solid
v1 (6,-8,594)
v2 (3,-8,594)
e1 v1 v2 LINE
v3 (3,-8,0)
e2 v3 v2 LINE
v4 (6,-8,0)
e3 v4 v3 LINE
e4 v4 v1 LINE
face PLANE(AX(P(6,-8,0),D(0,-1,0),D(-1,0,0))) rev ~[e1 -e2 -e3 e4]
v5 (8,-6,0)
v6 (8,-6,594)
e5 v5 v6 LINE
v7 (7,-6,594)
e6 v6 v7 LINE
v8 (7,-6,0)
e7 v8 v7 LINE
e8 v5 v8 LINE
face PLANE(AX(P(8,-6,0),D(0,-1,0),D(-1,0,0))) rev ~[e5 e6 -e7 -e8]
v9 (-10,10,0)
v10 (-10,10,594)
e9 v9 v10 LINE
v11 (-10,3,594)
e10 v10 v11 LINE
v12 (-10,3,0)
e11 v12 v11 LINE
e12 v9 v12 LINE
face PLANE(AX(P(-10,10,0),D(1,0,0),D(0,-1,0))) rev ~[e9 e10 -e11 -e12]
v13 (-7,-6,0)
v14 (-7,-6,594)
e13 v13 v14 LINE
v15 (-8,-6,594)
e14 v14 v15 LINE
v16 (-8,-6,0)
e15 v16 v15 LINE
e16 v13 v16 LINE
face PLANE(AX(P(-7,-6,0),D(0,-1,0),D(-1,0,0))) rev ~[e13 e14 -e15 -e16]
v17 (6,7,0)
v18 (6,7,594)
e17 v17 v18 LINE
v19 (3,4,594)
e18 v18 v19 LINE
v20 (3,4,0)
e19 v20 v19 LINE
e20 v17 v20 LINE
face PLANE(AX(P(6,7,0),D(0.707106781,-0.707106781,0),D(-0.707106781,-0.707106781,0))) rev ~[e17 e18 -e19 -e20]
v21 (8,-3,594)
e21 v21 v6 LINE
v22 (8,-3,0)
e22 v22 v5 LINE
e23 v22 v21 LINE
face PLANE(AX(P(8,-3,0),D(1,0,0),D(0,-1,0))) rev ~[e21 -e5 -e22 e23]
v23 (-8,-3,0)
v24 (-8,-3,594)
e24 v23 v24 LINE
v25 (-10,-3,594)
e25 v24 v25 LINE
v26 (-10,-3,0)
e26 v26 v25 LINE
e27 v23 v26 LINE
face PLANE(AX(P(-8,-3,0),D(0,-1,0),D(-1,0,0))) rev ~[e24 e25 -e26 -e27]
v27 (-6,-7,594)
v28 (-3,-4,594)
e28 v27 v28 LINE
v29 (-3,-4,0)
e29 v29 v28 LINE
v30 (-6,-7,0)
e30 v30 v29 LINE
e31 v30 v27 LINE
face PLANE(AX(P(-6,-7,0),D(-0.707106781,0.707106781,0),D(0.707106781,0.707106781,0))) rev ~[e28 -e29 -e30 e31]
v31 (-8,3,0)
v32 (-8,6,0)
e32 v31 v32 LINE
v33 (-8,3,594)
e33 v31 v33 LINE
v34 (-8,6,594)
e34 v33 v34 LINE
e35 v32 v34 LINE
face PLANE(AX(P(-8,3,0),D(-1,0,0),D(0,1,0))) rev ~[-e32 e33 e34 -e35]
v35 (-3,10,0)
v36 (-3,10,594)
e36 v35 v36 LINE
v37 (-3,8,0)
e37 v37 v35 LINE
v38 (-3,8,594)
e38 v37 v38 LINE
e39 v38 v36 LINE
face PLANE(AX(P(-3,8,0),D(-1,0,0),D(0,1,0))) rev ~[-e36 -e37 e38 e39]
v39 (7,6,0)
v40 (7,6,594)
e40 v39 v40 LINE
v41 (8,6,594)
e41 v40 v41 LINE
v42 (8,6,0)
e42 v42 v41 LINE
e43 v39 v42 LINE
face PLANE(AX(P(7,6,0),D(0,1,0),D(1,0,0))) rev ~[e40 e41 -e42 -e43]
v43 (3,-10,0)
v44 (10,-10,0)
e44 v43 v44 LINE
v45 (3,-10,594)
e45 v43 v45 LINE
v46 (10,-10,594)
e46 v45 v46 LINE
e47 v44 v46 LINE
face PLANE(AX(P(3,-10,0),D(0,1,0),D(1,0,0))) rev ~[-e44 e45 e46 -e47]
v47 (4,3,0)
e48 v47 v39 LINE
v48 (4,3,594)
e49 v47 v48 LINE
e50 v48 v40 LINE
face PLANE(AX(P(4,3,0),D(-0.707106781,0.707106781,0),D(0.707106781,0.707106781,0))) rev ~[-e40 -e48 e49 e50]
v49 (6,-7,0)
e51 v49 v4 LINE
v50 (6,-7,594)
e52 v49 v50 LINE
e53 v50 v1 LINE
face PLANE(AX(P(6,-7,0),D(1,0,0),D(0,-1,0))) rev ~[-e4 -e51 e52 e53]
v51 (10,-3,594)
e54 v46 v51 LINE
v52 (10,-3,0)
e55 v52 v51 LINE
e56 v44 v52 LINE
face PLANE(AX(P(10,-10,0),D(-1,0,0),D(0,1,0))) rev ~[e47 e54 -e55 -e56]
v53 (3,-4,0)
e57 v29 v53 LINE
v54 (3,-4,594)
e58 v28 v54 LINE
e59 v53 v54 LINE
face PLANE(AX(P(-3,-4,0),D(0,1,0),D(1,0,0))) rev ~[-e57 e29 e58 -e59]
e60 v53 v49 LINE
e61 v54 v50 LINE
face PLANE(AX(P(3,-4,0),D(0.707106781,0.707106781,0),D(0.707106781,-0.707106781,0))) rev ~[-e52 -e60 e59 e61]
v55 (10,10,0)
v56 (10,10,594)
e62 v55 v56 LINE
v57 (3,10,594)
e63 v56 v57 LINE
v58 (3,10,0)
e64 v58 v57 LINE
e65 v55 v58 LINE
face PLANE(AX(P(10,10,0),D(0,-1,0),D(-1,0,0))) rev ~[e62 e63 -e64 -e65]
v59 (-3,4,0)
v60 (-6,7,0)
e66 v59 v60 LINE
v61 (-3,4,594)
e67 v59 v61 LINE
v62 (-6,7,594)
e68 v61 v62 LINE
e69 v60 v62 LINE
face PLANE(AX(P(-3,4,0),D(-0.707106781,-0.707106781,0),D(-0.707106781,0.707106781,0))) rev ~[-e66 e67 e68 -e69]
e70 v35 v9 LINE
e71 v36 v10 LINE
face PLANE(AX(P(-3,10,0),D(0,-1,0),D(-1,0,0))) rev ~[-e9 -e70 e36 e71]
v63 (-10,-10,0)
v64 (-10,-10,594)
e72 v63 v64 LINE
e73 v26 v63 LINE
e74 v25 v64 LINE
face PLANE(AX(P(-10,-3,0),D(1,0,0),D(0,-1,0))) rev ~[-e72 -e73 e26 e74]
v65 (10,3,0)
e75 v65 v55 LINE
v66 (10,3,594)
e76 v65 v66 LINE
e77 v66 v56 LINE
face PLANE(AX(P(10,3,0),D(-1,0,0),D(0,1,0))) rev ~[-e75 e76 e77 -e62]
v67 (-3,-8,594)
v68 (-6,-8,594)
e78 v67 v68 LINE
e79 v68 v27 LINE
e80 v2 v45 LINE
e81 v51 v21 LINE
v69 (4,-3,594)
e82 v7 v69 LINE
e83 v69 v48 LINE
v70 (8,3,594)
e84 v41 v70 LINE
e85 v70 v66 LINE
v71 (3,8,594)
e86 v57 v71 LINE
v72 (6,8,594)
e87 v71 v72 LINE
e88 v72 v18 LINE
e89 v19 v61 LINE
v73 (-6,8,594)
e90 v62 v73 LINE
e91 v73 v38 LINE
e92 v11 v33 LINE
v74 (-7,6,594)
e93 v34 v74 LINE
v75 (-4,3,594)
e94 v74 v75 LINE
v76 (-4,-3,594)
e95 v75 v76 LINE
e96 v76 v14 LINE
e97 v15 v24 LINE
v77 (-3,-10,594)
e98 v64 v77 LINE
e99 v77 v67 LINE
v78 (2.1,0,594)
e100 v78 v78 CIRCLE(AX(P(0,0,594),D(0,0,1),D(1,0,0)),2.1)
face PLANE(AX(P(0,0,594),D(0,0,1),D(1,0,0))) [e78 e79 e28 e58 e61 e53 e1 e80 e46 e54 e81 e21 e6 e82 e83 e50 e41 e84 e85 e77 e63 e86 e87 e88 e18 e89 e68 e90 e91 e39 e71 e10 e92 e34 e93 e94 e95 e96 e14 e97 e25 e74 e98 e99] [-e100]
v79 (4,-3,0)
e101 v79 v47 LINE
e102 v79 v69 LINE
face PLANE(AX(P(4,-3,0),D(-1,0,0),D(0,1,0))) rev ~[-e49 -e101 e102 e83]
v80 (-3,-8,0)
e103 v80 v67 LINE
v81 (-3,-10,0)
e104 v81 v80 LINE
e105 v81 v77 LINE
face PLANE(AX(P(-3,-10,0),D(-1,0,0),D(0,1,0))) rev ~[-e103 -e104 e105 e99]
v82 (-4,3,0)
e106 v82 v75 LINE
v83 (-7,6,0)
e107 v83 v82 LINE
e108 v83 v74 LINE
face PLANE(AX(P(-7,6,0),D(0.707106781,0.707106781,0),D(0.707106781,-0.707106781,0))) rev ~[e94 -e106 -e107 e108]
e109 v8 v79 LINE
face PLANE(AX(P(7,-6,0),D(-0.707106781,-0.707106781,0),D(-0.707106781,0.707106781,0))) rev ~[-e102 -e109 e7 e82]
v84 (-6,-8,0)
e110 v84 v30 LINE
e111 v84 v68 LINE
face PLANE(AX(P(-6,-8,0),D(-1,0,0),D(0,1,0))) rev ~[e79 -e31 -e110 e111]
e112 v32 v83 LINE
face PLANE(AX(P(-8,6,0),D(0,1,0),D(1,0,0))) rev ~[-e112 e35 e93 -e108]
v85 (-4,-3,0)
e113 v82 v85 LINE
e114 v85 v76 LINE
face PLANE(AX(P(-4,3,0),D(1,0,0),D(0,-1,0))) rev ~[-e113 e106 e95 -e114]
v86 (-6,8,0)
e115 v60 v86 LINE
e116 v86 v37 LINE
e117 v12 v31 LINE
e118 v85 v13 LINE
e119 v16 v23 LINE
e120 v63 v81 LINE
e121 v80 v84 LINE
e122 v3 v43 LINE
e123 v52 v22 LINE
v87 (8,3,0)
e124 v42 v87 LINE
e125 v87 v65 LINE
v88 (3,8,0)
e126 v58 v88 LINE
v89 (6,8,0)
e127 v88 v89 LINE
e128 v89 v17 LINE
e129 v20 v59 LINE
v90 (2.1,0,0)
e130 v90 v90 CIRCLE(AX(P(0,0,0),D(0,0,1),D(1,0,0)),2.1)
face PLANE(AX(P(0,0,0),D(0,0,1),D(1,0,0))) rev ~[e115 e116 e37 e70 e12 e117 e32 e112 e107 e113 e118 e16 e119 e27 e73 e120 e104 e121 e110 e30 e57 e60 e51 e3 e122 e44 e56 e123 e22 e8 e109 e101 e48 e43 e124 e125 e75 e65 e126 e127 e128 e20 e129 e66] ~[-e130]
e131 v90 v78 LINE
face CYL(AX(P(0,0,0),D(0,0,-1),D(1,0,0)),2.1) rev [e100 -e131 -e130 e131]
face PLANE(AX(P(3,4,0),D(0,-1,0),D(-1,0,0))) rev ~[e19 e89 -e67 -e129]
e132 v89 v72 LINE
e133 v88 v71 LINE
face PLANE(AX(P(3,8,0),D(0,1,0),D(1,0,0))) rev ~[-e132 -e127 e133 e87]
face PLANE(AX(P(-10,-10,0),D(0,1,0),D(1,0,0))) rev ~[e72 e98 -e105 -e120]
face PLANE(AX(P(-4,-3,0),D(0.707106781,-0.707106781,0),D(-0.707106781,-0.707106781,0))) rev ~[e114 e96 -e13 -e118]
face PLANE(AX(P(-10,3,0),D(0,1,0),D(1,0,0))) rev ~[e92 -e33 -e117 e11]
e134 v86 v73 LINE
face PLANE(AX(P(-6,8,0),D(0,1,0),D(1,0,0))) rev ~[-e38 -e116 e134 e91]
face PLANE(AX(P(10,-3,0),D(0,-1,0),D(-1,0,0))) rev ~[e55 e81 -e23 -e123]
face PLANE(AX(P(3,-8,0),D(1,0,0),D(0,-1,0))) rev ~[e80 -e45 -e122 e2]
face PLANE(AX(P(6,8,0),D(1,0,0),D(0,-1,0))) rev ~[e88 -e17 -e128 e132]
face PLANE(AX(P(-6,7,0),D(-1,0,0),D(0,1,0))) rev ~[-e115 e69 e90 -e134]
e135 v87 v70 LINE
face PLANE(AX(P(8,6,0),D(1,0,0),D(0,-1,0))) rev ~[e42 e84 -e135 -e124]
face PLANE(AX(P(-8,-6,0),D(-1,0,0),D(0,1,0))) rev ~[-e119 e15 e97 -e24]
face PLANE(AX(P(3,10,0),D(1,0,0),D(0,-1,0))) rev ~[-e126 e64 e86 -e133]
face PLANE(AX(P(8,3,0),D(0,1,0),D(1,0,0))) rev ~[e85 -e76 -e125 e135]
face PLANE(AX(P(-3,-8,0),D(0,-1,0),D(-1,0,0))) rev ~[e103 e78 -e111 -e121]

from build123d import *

# Parameters (mm, degrees)
SKETCH_2_R      = 2.1
EXTRUDE_1_DEPTH = 594


with BuildPart() as part:
    # ｽｹｯﾁ2 → ﾎﾞｽ - 押し出し1 (new body)
    with BuildSketch(Plane.XY):
        Polygon((3, 4), (-3, 4), (-6, 7), (-6, 8), (-3, 8), (-3, 10), (-10, 10), (-10, 3), (-8, 3), (-8, 6), (-7, 6), (-4, 3), (-4, -3), (-7, -6), (-8, -6), (-8, -3), (-10, -3), (-10, -10), (-3, -10), (-3, -8), (-6, -8), (-6, -7), (-3, -4), (3, -4), (6, -7), (6, -8), (3, -8), (3, -10), (10, -10), (10, -3), (8, -3), (8, -6), (7, -6), (4, -3), (4, 3), (7, 6), (8, 6), (8, 3), (10, 3), (10, 10), (3, 10), (3, 8), (6, 8), (6, 7), align=None)
        Circle(SKETCH_2_R, mode=Mode.SUBTRACT)
    extrude(amount=EXTRUDE_1_DEPTH)


solid = part.part
